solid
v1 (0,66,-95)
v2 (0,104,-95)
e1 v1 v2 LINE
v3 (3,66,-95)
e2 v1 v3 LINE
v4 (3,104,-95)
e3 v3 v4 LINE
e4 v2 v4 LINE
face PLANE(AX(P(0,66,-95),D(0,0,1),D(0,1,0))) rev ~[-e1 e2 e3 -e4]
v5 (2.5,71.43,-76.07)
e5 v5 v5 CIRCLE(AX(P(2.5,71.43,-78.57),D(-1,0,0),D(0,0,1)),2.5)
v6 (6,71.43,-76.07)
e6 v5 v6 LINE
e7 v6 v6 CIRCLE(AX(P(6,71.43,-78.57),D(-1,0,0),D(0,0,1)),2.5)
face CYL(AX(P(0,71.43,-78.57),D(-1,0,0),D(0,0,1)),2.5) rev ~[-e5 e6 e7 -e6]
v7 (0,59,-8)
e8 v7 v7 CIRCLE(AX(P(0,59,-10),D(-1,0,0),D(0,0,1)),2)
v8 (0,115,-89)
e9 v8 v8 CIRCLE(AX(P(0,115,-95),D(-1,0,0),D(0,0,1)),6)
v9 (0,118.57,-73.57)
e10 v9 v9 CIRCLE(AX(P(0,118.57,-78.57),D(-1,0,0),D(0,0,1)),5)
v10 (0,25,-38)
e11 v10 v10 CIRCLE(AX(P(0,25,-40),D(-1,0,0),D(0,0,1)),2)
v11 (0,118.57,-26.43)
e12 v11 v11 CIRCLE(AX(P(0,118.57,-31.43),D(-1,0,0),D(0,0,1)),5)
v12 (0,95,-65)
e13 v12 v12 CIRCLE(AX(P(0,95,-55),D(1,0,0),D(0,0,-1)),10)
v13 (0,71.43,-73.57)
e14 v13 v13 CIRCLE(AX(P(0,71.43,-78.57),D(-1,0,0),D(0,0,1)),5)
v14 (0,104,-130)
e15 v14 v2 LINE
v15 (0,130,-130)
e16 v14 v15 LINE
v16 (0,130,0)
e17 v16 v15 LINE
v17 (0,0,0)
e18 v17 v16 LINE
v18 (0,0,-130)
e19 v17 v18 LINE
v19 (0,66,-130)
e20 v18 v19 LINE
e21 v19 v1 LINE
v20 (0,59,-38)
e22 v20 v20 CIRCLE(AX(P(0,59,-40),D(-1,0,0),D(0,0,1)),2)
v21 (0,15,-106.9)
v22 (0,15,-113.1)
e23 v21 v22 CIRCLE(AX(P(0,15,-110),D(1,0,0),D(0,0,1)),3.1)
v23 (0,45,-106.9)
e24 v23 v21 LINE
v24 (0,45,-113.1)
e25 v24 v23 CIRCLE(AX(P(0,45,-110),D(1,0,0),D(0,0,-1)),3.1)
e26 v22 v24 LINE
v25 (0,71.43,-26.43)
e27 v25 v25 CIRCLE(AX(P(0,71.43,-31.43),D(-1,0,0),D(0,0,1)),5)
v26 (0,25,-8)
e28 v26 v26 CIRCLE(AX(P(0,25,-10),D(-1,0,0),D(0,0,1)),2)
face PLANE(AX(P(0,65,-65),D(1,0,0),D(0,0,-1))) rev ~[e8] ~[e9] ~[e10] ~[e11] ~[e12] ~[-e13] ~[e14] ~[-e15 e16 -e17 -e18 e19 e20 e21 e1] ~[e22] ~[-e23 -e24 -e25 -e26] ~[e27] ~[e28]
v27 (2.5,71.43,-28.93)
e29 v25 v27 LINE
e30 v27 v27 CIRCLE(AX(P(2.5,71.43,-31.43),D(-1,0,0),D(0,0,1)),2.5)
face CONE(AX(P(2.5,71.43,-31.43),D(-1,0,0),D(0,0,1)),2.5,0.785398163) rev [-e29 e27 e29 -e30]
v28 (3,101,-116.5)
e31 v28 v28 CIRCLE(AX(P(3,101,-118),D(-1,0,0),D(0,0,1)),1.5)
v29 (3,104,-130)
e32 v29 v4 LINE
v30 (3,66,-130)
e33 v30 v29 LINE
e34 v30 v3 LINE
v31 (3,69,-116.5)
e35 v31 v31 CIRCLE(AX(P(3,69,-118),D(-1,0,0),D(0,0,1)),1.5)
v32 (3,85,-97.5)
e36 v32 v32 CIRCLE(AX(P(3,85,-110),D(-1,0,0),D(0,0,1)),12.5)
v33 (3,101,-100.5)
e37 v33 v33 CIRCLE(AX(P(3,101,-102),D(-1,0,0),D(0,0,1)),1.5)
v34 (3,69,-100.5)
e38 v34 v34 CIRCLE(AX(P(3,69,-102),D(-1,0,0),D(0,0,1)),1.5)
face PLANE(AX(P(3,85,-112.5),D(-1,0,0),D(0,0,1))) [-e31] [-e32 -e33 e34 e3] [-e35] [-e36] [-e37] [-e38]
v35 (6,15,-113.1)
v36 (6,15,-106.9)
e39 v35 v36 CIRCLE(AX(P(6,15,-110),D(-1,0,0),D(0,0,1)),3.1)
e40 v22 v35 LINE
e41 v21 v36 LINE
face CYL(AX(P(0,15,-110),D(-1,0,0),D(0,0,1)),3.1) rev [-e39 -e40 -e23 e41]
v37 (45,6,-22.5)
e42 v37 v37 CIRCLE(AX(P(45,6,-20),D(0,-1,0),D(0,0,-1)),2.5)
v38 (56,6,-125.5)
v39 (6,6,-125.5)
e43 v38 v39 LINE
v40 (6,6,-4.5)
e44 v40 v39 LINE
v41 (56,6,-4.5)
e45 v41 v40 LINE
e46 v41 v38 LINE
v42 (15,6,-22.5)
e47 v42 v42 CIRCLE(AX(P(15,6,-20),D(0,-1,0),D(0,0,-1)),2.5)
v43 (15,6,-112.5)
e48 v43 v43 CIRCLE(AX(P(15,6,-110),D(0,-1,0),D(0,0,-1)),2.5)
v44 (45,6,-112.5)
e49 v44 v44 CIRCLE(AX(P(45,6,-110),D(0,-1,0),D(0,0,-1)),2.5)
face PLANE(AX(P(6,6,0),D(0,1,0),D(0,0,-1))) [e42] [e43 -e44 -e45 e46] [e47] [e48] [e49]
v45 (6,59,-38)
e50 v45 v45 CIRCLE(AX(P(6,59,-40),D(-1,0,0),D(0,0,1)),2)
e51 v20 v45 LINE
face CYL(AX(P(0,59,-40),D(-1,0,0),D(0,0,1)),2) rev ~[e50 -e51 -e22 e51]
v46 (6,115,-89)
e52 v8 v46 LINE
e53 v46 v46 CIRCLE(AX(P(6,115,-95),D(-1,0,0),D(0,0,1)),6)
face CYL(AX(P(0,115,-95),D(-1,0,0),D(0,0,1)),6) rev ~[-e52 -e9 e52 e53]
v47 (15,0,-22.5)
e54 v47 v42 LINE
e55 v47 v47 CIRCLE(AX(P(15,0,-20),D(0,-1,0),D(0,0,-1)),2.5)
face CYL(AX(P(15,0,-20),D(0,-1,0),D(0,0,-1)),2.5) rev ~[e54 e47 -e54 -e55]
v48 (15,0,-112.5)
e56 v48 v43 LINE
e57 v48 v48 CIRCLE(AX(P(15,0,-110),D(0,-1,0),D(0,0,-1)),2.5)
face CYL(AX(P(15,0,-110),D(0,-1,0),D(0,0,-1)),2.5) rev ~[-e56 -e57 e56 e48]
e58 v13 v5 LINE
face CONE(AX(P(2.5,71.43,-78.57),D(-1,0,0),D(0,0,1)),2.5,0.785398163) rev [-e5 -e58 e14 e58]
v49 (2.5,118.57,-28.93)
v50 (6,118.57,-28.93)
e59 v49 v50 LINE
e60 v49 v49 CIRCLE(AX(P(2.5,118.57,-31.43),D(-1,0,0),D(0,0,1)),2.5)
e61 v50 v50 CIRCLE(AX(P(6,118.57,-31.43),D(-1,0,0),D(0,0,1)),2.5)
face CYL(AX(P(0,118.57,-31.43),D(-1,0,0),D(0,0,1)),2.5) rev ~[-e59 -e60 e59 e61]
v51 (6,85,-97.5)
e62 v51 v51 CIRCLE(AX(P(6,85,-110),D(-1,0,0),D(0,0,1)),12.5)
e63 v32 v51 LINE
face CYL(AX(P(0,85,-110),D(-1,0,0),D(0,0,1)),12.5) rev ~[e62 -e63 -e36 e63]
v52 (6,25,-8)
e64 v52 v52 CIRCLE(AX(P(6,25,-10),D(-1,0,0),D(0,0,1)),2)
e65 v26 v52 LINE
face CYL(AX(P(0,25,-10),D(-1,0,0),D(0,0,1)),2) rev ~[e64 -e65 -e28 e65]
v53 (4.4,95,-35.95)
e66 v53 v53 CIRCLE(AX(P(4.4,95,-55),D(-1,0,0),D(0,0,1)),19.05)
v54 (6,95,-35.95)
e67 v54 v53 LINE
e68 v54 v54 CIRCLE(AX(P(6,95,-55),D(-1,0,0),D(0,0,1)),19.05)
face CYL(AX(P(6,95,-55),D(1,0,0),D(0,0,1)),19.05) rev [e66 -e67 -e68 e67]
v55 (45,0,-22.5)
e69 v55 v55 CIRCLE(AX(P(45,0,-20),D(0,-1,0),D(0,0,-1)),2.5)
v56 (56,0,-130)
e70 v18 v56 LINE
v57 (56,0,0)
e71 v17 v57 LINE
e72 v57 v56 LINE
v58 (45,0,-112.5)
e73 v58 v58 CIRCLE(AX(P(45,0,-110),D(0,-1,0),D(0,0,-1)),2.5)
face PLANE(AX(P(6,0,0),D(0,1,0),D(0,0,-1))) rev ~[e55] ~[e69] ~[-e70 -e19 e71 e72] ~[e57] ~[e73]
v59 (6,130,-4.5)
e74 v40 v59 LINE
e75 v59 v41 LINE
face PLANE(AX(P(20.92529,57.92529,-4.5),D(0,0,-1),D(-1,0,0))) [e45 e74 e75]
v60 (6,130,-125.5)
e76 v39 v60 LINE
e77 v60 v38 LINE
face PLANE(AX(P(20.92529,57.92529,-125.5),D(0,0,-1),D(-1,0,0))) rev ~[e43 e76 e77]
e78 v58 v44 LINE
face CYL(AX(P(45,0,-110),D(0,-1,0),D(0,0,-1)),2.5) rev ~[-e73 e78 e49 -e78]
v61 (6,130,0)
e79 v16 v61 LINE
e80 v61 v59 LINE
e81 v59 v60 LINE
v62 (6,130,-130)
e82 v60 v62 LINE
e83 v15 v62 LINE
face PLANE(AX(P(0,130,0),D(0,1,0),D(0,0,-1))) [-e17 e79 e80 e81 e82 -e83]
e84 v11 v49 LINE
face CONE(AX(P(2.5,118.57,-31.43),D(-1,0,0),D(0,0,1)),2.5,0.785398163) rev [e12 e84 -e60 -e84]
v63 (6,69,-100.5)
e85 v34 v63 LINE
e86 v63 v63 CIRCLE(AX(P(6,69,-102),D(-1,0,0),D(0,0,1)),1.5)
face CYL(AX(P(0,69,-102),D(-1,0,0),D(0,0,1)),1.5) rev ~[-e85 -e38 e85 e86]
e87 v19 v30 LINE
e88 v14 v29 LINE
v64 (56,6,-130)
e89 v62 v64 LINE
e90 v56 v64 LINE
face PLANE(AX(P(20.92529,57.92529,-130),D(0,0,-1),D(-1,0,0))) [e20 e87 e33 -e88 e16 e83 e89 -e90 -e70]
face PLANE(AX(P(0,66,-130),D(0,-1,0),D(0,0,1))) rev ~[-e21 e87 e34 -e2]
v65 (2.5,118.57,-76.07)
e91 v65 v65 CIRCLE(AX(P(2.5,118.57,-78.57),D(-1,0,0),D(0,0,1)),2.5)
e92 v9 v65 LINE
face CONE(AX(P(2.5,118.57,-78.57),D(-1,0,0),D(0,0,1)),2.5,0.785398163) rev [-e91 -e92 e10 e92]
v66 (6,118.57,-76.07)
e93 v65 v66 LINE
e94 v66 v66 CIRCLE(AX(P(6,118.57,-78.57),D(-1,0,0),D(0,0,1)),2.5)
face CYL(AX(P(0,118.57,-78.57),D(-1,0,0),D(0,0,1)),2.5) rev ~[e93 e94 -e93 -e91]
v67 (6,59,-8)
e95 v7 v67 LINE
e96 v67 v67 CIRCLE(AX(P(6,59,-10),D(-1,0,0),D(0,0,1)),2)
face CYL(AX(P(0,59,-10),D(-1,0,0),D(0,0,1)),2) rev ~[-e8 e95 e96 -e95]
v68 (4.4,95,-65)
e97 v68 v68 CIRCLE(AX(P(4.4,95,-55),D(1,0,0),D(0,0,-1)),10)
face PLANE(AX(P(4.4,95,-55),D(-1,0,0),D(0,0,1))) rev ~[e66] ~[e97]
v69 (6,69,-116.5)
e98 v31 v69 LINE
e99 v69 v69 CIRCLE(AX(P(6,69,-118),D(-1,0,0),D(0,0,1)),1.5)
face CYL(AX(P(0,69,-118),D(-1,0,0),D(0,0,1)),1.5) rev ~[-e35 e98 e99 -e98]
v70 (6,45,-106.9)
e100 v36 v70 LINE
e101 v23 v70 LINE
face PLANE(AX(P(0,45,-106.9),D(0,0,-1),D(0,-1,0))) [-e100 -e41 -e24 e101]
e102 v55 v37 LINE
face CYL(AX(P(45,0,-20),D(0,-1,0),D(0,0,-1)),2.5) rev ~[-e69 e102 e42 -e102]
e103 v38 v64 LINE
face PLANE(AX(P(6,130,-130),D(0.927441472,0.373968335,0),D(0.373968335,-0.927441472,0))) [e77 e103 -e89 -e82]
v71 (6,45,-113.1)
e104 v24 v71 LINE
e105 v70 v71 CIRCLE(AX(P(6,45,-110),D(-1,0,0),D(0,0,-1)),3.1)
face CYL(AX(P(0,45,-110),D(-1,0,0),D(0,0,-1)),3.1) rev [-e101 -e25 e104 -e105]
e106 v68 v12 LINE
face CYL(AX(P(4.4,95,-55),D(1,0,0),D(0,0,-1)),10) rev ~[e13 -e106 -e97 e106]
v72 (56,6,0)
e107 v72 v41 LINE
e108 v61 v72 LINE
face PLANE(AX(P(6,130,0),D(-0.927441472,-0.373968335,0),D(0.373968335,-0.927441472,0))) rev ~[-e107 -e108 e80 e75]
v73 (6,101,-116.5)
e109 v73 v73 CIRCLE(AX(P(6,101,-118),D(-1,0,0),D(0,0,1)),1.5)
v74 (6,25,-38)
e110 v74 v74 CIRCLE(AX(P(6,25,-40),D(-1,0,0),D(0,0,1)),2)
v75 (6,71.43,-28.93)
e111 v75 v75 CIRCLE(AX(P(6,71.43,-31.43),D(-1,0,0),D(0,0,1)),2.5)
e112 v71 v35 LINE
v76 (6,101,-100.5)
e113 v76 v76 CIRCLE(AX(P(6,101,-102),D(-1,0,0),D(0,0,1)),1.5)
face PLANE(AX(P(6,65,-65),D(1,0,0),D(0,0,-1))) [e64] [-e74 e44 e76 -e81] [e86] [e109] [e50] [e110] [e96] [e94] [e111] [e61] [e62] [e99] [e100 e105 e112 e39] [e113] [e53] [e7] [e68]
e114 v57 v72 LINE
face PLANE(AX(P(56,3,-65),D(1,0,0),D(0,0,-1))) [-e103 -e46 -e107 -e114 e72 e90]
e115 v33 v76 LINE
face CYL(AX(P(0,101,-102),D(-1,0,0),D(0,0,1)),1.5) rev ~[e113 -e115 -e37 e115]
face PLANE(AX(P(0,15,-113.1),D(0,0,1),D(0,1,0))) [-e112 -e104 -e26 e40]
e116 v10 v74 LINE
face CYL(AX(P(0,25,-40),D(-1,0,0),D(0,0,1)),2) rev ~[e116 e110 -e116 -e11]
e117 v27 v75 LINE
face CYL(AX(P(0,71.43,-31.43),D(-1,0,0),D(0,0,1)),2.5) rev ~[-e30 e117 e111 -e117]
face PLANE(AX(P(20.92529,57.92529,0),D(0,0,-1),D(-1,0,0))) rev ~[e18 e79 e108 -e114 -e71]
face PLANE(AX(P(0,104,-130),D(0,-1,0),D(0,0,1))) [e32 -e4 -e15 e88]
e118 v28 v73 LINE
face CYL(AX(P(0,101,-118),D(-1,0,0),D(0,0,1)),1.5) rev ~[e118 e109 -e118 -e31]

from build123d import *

# Parameters (mm, degrees)
SKETCH1_W                  = 130
SKETCH1_H                  = 130
BOSS_EXTRUDE1_DEPTH        = 6
SKETCH2_W                  = 130
SKETCH2_H                  = 6
BOSS_EXTRUDE2_DEPTH        = 50
BOSS_EXTRUDE3_DEPTH        = 4.5
BOSS_EXTRUDE4_DEPTH        = 4.5
SKETCH5_R                  = 19.05
CUT_EXTRUDE1_DEPTH         = 1.6
SKETCH6_R                  = 10
CUT_EXTRUDE2_DEPTH         = 191.951721647
SKETCH7_R                  = 2.5
CUT_EXTRUDE3_DEPTH         = 193.187408537
SKETCH8_R                  = 12.5
SKETCH8_R_2                = 1.5
ENCODER_MOUNTING_DEPTH     = 193.187408537
SKETCH9_W                  = 35
SKETCH9_H                  = 38
SQR_SLOT_FRO_ENCODER_DEPTH = 3
SKETCH10_R                 = 6
CUT_EXTRUDE6_DEPTH         = 193.187408537
SKETCH12_R                 = 2
CUT_EXTRUDE8_DEPTH         = 193.187408537
CHAMFER1_SIZE              = 2.5
SKETCH14_R                 = 2.5
CUT_EXTRUDE10_DEPTH        = 193.187408537
CUT_EXTRUDE11_DEPTH        = 193.187408537


with BuildPart() as part:
    # Sketch1 → Boss-Extrude1 (new body)
    with BuildSketch(Plane(origin=(0, 0, 0), x_dir=(0, 0, -1), z_dir=(1, 0, 0))):
        with Locations((65, 65)):
            Rectangle(SKETCH1_W, SKETCH1_H)
    extrude(amount=BOSS_EXTRUDE1_DEPTH)

    # Sketch2 → Boss-Extrude2 (add)
    with BuildSketch(Plane(origin=(6, 0, 0), x_dir=(0, 0, -1), z_dir=(1, 0, 0))):
        with Locations((65, 3)):
            Rectangle(SKETCH2_W, SKETCH2_H)
    extrude(amount=BOSS_EXTRUDE2_DEPTH)

    # Sketch3 → Boss-Extrude3 (add)
    with BuildSketch(Plane(origin=(0, 0, -130), x_dir=(-1, 0, 0), z_dir=(0, 0, -1))):
        Polygon((-6, 130), (-56, 6), (-6, 6), align=None)
    extrude(amount=-BOSS_EXTRUDE3_DEPTH)

    # Sketch4 → Boss-Extrude4 (add)
    with BuildSketch(Plane.XY):
        Polygon((6, 130), (56, 6), (6, 6), align=None)
    extrude(amount=-BOSS_EXTRUDE4_DEPTH)

    # Sketch5 → Cut-Extrude1 (cut)
    with BuildSketch(Plane.ZY.offset(-6)):
        with Locations((-55, 95)):
            Circle(SKETCH5_R)
    extrude(amount=CUT_EXTRUDE1_DEPTH, mode=Mode.SUBTRACT)

    # Sketch6 → Cut-Extrude2 (cut, through all)
    with BuildSketch(Plane(origin=(4.4, 0, 0), x_dir=(0, 0, -1), z_dir=(1, 0, 0))):
        with Locations((55, 95)):
            Circle(SKETCH6_R)
    extrude(amount=-CUT_EXTRUDE2_DEPTH, mode=Mode.SUBTRACT)

    # Sketch7 → Cut-Extrude3 (cut, through all)
    with BuildSketch(Plane.ZY):
        with Locations((-78.57, 118.57)):
            Circle(SKETCH7_R)
        with Locations((-31.43, 118.57)):
            Circle(SKETCH7_R)
        with Locations((-31.43, 71.43)):
            Circle(SKETCH7_R)
        with Locations((-78.57, 71.43)):
            Circle(SKETCH7_R)
    extrude(amount=-CUT_EXTRUDE3_DEPTH, mode=Mode.SUBTRACT)

    # Sketch8 → Encoder mounting (cut, through all)
    with BuildSketch(Plane.ZY):
        with Locations((-110, 85)):
            Circle(SKETCH8_R)
        with Locations((-118, 101)):
            Circle(SKETCH8_R_2)
        with Locations((-102, 101)):
            Circle(SKETCH8_R_2)
        with Locations((-102, 69)):
            Circle(SKETCH8_R_2)
        with Locations((-118, 69)):
            Circle(SKETCH8_R_2)
    extrude(amount=-ENCODER_MOUNTING_DEPTH, mode=Mode.SUBTRACT)

    # Sketch9 → Sqr Slot fro encoder (cut)
    with BuildSketch(Plane.ZY):
        with Locations((-112.5, 85)):
            Rectangle(SKETCH9_W, SKETCH9_H)
    extrude(amount=-SQR_SLOT_FRO_ENCODER_DEPTH, mode=Mode.SUBTRACT)

    # Sketch10 → Cut-Extrude6 (cut, through all)
    with BuildSketch(Plane.ZY):
        with Locations((-95, 115)):
            Circle(SKETCH10_R)
    extrude(amount=-CUT_EXTRUDE6_DEPTH, mode=Mode.SUBTRACT)

    # Sketch12 → Cut-Extrude8 (cut, through all)
    with BuildSketch(Plane.ZY):
        with Locations((-10, 25)):
            Circle(SKETCH12_R)
        with Locations((-10, 59)):
            Circle(SKETCH12_R)
        with Locations((-40, 59)):
            Circle(SKETCH12_R)
        with Locations((-40, 25)):
            Circle(SKETCH12_R)
    extrude(amount=-CUT_EXTRUDE8_DEPTH, mode=Mode.SUBTRACT)

    # Chamfer1
    chamfer1_edges = [part.edges().sort_by_distance(p)[0] for p in [
        (0, 118.57, -81.07),
        (0, 118.57, -33.93),
        (0, 71.43, -33.93),
        (0, 71.43, -81.07),
    ]]
    chamfer(chamfer1_edges, length=CHAMFER1_SIZE)

    # Sketch14 → Cut-Extrude10 (cut, through all)
    with BuildSketch(Plane.XZ):
        with Locations(Location((15, -20, 0), (0, 0, 270))):
            Circle(SKETCH14_R)
        with Locations(Location((45, -20, 0), (0, 0, 270))):
            Circle(SKETCH14_R)
        with Locations(Location((15, -110, 0), (0, 0, 270))):
            Circle(SKETCH14_R)
        with Locations(Location((45, -110, 0), (0, 0, 270))):
            Circle(SKETCH14_R)
    extrude(amount=-CUT_EXTRUDE10_DEPTH, mode=Mode.SUBTRACT)

    # Sketch15 → Cut-Extrude11 (cut, through all)
    with BuildSketch(Plane.ZY):
        with BuildLine():
            Line((-113.1, 15), (-113.1, 45))
            ThreePointArc((-113.1, 45), (-110, 48.1), (-106.9, 45))
            Line((-106.9, 45), (-106.9, 15))
            ThreePointArc((-106.9, 15), (-110, 11.9), (-113.1, 15))
        make_face()
    extrude(amount=-CUT_EXTRUDE11_DEPTH, mode=Mode.SUBTRACT)


solid = part.part
